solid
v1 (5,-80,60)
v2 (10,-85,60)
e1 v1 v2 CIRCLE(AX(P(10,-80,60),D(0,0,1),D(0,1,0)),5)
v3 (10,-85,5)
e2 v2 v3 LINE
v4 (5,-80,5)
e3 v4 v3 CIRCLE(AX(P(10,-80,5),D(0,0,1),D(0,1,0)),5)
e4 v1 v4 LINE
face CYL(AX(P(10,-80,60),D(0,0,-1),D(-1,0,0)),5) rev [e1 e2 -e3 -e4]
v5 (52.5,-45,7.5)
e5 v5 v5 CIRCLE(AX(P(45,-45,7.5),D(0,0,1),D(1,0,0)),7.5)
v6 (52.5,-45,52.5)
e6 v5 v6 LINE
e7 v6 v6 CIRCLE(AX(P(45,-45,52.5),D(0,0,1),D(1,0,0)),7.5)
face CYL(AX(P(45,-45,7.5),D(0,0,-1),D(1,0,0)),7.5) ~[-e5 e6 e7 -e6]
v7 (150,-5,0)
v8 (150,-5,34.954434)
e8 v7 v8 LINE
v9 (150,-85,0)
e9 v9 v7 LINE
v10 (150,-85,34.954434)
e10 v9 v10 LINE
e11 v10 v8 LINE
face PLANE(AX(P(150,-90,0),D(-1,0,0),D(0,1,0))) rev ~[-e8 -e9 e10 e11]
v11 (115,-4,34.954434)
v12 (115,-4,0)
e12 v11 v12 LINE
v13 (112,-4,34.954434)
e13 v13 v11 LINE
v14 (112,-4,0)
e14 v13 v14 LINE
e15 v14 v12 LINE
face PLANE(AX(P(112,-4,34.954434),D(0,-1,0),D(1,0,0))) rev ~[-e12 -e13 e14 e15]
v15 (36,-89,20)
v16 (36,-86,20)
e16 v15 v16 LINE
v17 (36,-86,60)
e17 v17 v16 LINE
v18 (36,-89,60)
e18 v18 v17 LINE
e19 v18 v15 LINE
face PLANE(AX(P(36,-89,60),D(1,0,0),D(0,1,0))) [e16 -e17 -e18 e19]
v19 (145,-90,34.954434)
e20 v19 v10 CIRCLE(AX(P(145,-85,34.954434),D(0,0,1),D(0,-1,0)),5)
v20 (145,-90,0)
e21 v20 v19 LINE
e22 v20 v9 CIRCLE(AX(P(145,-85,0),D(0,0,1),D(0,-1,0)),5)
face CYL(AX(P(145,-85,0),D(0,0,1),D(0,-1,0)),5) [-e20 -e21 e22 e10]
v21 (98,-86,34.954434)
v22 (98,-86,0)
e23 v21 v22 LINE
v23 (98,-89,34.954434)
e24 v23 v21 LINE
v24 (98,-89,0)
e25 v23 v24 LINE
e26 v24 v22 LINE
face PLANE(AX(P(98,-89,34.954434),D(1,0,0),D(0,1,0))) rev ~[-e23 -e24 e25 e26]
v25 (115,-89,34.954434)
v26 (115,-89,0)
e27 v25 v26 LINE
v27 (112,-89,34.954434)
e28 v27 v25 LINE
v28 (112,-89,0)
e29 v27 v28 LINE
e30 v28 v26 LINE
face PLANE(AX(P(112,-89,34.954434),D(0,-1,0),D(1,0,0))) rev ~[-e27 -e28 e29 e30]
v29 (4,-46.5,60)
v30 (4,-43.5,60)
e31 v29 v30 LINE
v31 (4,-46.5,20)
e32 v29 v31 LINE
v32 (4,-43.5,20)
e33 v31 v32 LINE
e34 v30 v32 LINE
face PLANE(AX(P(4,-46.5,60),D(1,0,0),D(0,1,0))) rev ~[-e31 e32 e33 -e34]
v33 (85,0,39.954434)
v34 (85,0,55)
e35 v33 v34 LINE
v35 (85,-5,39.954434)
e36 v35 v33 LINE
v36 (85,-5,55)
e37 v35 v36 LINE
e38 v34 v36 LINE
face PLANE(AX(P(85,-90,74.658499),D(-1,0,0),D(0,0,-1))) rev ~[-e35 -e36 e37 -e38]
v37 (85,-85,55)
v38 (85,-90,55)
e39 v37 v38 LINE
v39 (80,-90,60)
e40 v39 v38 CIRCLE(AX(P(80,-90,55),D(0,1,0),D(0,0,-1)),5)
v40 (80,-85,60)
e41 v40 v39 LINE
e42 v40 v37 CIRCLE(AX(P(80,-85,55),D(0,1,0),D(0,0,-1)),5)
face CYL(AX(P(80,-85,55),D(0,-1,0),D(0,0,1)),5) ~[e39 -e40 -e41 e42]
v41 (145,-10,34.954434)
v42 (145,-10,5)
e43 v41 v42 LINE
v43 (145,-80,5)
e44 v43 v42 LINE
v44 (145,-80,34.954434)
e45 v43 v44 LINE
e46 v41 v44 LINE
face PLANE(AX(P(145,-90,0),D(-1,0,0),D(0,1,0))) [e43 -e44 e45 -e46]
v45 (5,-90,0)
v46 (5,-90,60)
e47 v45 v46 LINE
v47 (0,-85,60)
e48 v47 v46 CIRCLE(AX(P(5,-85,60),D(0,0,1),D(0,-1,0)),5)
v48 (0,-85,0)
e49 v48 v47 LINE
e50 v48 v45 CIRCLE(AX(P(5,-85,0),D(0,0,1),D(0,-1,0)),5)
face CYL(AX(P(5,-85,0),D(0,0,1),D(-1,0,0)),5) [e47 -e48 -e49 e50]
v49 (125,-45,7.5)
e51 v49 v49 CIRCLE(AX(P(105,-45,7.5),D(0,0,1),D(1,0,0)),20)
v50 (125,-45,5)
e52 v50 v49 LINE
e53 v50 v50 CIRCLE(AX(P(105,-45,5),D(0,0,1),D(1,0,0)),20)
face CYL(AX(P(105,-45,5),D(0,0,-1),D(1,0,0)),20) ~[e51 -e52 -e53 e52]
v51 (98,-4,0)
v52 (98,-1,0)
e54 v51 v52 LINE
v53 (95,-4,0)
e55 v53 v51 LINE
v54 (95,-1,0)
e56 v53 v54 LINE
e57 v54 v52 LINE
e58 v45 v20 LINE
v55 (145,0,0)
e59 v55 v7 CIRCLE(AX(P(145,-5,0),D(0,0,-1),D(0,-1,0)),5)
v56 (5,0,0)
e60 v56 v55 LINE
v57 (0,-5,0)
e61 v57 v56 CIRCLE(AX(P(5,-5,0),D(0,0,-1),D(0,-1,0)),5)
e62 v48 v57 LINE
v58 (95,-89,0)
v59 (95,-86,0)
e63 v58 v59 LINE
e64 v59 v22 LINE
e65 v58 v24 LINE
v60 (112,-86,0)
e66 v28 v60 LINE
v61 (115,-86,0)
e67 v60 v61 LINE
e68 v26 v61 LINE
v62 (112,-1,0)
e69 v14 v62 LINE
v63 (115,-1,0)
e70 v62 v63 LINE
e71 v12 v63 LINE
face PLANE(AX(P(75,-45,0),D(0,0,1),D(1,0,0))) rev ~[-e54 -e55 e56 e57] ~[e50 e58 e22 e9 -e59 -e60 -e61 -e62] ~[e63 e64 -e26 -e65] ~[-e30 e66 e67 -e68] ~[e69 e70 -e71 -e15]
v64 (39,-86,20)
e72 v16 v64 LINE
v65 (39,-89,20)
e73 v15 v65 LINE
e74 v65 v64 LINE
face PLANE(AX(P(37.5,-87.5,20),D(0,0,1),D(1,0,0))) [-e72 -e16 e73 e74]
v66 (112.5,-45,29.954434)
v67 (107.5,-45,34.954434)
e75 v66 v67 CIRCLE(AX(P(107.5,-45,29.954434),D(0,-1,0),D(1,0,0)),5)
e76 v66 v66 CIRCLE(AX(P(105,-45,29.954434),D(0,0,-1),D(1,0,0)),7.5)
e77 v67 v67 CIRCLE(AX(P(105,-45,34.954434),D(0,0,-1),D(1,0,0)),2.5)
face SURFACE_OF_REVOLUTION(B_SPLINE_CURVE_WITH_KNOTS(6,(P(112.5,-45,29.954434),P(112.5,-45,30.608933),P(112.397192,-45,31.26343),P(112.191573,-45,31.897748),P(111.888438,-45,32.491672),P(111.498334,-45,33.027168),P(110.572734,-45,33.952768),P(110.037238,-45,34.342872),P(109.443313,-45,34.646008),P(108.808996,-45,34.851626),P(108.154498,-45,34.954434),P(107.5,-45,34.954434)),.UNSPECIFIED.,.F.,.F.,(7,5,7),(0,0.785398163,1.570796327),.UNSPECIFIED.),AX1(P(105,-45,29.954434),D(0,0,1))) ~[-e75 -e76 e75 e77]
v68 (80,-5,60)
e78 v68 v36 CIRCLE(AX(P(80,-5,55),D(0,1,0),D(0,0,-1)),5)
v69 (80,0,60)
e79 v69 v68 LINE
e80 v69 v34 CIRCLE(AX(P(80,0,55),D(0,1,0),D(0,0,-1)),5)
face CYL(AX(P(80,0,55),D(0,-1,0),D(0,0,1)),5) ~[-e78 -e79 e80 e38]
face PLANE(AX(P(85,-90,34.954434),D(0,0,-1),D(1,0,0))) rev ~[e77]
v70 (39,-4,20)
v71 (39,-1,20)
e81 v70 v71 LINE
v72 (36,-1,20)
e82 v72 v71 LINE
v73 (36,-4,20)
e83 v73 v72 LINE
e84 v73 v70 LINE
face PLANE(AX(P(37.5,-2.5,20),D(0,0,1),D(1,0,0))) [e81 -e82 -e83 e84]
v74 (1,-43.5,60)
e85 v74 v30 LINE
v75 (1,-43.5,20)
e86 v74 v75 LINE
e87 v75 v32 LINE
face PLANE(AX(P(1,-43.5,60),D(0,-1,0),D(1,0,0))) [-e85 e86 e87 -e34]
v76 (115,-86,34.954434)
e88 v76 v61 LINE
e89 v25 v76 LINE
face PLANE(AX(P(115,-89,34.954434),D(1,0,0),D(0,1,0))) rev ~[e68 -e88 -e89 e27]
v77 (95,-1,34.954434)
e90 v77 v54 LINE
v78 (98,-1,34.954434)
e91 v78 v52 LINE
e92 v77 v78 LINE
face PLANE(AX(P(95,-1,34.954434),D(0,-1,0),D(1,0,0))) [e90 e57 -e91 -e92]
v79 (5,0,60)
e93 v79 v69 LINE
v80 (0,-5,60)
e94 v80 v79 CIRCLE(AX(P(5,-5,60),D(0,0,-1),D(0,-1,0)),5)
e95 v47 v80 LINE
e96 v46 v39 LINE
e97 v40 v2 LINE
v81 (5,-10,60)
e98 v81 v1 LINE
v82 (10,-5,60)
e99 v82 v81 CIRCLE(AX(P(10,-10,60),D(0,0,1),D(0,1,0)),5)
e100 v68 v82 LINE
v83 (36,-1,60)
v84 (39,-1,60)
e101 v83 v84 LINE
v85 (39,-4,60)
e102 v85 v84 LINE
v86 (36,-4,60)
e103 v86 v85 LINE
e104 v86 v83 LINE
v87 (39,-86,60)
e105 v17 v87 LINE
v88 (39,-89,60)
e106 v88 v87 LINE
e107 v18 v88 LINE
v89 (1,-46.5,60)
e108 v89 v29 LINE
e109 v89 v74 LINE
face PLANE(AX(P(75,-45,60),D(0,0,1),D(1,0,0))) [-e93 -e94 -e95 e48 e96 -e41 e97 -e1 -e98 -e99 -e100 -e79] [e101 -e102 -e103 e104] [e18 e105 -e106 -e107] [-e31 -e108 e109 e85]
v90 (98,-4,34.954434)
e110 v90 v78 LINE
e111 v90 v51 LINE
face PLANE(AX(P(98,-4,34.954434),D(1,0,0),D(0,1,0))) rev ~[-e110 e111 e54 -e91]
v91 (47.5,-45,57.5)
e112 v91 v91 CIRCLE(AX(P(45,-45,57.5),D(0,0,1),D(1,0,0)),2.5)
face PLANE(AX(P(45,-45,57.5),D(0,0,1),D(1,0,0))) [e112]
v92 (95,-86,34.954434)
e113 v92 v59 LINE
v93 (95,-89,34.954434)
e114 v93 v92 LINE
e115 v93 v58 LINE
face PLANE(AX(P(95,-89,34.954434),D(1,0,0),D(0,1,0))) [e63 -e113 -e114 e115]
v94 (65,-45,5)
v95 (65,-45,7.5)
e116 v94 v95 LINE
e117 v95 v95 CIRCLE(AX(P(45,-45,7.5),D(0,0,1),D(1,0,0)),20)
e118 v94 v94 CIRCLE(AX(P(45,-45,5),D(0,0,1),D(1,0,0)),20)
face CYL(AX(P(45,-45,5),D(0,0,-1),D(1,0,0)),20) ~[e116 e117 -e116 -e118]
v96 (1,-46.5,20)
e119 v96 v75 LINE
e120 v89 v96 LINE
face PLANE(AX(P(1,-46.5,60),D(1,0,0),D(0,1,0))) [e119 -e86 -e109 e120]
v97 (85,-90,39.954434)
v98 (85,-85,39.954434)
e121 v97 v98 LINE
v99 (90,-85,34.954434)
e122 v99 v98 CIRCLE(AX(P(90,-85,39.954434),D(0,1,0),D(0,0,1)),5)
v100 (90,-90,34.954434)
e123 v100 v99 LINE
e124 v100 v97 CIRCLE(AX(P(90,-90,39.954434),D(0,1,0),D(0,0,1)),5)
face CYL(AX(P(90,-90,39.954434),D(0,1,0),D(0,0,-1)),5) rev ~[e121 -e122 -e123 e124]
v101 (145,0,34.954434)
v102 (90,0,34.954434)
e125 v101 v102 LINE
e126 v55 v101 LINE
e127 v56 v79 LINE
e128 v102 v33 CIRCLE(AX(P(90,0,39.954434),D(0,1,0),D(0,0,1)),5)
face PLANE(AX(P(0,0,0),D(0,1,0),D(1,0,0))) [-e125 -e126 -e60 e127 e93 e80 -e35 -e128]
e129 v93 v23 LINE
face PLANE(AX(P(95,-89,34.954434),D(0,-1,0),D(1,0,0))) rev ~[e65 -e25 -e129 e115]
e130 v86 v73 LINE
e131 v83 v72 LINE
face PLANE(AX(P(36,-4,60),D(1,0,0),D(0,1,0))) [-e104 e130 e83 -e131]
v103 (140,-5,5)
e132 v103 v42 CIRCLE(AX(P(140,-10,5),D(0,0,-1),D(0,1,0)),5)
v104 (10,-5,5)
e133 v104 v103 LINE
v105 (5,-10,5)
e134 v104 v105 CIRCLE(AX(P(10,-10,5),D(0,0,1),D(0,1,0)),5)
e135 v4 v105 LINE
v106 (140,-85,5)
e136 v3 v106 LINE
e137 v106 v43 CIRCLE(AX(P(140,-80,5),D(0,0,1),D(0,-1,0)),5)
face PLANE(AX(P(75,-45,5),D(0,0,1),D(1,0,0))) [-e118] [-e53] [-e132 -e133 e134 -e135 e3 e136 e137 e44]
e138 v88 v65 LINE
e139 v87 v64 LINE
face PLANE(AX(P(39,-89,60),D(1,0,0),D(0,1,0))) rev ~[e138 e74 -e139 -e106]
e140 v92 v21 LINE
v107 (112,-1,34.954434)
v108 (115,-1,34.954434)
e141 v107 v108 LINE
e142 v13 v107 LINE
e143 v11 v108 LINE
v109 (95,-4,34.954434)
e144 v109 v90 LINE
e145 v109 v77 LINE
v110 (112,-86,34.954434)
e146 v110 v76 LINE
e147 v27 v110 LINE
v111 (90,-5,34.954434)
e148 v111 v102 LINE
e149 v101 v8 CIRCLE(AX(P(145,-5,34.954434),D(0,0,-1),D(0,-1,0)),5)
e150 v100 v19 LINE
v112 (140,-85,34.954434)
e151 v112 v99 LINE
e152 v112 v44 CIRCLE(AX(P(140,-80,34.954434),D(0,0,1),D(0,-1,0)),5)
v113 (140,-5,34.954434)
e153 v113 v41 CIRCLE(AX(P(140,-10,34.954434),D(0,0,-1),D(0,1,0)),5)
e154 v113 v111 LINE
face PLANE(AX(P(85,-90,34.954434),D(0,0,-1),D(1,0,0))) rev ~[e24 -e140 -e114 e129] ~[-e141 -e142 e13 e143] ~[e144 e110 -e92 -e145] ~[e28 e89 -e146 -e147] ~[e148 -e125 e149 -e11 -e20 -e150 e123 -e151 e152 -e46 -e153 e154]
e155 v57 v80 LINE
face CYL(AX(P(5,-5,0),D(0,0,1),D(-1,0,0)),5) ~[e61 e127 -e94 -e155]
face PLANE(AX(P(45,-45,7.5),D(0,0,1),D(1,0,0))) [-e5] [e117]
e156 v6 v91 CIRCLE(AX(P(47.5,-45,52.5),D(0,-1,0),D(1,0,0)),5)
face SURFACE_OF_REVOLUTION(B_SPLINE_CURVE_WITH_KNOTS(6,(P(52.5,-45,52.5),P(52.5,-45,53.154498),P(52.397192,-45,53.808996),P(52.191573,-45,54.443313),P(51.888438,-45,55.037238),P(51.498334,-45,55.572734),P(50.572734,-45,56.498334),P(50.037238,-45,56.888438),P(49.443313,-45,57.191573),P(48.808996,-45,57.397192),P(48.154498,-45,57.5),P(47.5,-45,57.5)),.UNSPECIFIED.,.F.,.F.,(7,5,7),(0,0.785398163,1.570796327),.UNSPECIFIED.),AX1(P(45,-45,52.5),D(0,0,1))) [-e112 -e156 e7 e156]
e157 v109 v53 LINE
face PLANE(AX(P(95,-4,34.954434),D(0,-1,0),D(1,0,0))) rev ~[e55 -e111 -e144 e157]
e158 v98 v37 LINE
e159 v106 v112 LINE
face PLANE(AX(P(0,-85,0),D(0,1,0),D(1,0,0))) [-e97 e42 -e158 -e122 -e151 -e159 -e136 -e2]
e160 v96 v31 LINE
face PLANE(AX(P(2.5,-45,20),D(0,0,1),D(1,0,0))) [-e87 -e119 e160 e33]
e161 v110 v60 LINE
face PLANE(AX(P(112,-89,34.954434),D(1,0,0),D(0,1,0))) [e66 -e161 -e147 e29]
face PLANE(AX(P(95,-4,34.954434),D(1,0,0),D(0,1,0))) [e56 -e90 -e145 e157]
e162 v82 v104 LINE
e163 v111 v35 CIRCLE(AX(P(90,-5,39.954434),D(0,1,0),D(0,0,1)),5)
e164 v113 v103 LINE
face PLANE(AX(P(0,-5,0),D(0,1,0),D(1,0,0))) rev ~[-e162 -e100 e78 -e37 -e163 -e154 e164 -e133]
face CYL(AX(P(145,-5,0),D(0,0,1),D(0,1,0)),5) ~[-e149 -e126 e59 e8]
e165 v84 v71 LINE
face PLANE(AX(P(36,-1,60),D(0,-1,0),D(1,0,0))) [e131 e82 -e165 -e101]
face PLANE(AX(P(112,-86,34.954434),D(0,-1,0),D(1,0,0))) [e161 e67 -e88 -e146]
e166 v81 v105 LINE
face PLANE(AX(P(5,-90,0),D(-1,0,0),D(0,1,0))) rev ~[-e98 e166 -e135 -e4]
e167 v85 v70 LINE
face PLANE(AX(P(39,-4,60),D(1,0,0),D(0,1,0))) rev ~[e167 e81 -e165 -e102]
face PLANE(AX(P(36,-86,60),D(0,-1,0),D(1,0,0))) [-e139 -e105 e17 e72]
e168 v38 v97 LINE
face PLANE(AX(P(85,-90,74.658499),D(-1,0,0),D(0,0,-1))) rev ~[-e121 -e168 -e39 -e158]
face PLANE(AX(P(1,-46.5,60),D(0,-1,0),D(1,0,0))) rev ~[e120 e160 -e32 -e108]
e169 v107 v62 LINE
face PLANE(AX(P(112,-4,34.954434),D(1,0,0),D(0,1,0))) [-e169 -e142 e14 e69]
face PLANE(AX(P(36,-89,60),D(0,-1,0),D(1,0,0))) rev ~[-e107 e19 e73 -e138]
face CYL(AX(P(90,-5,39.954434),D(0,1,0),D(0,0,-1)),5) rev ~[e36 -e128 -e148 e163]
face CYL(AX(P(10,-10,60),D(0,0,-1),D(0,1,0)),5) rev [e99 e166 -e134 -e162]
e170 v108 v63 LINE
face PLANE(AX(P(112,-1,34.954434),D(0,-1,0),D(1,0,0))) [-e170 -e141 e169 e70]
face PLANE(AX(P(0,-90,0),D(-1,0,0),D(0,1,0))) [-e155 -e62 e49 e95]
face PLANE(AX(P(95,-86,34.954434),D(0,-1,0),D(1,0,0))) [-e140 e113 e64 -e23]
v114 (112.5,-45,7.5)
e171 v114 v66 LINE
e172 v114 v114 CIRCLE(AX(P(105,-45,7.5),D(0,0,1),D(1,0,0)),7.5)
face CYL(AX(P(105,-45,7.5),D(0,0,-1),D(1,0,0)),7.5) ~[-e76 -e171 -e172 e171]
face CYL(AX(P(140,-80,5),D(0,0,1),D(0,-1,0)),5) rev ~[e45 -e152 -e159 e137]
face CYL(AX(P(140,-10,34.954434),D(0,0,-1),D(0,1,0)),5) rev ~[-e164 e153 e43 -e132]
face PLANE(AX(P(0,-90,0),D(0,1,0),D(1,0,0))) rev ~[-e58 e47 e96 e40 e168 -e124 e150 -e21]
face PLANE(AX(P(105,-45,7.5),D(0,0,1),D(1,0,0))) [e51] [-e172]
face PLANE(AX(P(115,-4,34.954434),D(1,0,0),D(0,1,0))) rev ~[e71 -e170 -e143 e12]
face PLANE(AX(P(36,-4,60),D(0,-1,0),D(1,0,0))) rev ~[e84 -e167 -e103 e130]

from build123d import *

# Parameters (mm, degrees)
SKETCH1_W           = 150
SKETCH1_H           = 90
BOSS_EXTRUDE1_DEPTH = 60
SHELL4_T            = -5
SKETCH2_R           = 20
BOSS_EXTRUDE2_DEPTH = 2.5
SKETCH3_R           = 7.5
BOSS_EXTRUDE3_DEPTH = 50
SKETCH4_W           = 65
SKETCH4_H           = 14.658499389
CUT_EXTRUDE1_DEPTH  = 185.932420089
SKETCH6_W           = 3
SKETCH6_H           = 3
CUT_EXTRUDE3_DEPTH  = 40
FILLET4_R           = 5
FILLET5_R           = 5
SKETCH10_W          = 3
SKETCH10_H          = 3
CUT_EXTRUDE4_DEPTH  = 40


with BuildPart() as part:
    # Sketch1 → Boss-Extrude1 (new body)
    with BuildSketch(Plane.XY):
        with Locations((75, -45)):
            Rectangle(SKETCH1_W, SKETCH1_H)
    extrude(amount=BOSS_EXTRUDE1_DEPTH)

    # Shell4
    shell4_openings = [part.faces().sort_by_distance(p)[0] for p in [
        (75, -45, 60),
    ]]
    offset(amount=SHELL4_T, openings=shell4_openings, kind=Kind.INTERSECTION)

    # Sketch2 → Boss-Extrude2 (add)
    with BuildSketch(Plane.XY.offset(5)):
        with Locations((45, -45)):
            Circle(SKETCH2_R)
        with Locations((105, -45)):
            Circle(SKETCH2_R)
    extrude(amount=BOSS_EXTRUDE2_DEPTH)

    # Sketch3 → Boss-Extrude3 (add)
    with BuildSketch(Plane.XY.offset(7.5)):
        with Locations((45, -45)):
            Circle(SKETCH3_R)
        with Locations((105, -45)):
            Circle(SKETCH3_R)
    extrude(amount=BOSS_EXTRUDE3_DEPTH)

    # Sketch4 → Cut-Extrude1 (cut, through all)
    with BuildSketch(Plane.XZ.offset(90)):
        Polygon((85, 60), (85, 49.954434269), (85, 34.954434269), (150, 34.954434269), (150, 60), align=None)
        with Locations((117.5, 67.329249695)):
            Rectangle(SKETCH4_W, SKETCH4_H)
    extrude(amount=-CUT_EXTRUDE1_DEPTH, mode=Mode.SUBTRACT)

    # Sketch6 → Cut-Extrude3 (cut)
    with BuildSketch(Plane.XY.offset(34.954434269)):
        with Locations((96.5, -2.5)):
            Rectangle(SKETCH6_W, SKETCH6_H)
        with Locations((113.5, -2.5)):
            Rectangle(SKETCH6_W, SKETCH6_H)
        with Locations((96.5, -87.5)):
            Rectangle(SKETCH6_W, SKETCH6_H)
        with Locations((113.5, -87.5)):
            Rectangle(SKETCH6_W, SKETCH6_H)
    extrude(amount=-CUT_EXTRUDE3_DEPTH, mode=Mode.SUBTRACT)

    # Fillet4
    fillet4_edges = [part.edges().sort_by_distance(p)[0] for p in [
        (5, -5, 32.5),
        (5, -85, 32.5),
        (145, -5, 19.977217134),
        (145, -85, 19.977217134),
        (150, 0, 17.477217134),
        (150, -90, 17.477217134),
        (85, -87.5, 60),
        (85, -87.5, 34.954434269),
        (85, -2.5, 60),
        (85, -2.5, 34.954434269),
        (0, 0, 30),
        (0, -90, 30),
    ]]
    fillet(fillet4_edges, radius=FILLET4_R)

    # Fillet5
    fillet5_edges = [part.edges().sort_by_distance(p)[0] for p in [
        (37.5, -45, 57.5),
        (97.5, -45, 34.954434269),
    ]]
    fillet(fillet5_edges, radius=FILLET5_R)

    # Sketch10 → Cut-Extrude4 (cut)
    with BuildSketch(Plane.XY.offset(60)):
        with Locations((2.5, -45)):
            Rectangle(SKETCH10_W, SKETCH10_H)
        with Locations((37.5, -87.5)):
            Rectangle(SKETCH10_W, SKETCH10_H)
        with Locations((37.5, -2.5)):
            Rectangle(SKETCH10_W, SKETCH10_H)
    extrude(amount=-CUT_EXTRUDE4_DEPTH, mode=Mode.SUBTRACT)


solid = part.part
